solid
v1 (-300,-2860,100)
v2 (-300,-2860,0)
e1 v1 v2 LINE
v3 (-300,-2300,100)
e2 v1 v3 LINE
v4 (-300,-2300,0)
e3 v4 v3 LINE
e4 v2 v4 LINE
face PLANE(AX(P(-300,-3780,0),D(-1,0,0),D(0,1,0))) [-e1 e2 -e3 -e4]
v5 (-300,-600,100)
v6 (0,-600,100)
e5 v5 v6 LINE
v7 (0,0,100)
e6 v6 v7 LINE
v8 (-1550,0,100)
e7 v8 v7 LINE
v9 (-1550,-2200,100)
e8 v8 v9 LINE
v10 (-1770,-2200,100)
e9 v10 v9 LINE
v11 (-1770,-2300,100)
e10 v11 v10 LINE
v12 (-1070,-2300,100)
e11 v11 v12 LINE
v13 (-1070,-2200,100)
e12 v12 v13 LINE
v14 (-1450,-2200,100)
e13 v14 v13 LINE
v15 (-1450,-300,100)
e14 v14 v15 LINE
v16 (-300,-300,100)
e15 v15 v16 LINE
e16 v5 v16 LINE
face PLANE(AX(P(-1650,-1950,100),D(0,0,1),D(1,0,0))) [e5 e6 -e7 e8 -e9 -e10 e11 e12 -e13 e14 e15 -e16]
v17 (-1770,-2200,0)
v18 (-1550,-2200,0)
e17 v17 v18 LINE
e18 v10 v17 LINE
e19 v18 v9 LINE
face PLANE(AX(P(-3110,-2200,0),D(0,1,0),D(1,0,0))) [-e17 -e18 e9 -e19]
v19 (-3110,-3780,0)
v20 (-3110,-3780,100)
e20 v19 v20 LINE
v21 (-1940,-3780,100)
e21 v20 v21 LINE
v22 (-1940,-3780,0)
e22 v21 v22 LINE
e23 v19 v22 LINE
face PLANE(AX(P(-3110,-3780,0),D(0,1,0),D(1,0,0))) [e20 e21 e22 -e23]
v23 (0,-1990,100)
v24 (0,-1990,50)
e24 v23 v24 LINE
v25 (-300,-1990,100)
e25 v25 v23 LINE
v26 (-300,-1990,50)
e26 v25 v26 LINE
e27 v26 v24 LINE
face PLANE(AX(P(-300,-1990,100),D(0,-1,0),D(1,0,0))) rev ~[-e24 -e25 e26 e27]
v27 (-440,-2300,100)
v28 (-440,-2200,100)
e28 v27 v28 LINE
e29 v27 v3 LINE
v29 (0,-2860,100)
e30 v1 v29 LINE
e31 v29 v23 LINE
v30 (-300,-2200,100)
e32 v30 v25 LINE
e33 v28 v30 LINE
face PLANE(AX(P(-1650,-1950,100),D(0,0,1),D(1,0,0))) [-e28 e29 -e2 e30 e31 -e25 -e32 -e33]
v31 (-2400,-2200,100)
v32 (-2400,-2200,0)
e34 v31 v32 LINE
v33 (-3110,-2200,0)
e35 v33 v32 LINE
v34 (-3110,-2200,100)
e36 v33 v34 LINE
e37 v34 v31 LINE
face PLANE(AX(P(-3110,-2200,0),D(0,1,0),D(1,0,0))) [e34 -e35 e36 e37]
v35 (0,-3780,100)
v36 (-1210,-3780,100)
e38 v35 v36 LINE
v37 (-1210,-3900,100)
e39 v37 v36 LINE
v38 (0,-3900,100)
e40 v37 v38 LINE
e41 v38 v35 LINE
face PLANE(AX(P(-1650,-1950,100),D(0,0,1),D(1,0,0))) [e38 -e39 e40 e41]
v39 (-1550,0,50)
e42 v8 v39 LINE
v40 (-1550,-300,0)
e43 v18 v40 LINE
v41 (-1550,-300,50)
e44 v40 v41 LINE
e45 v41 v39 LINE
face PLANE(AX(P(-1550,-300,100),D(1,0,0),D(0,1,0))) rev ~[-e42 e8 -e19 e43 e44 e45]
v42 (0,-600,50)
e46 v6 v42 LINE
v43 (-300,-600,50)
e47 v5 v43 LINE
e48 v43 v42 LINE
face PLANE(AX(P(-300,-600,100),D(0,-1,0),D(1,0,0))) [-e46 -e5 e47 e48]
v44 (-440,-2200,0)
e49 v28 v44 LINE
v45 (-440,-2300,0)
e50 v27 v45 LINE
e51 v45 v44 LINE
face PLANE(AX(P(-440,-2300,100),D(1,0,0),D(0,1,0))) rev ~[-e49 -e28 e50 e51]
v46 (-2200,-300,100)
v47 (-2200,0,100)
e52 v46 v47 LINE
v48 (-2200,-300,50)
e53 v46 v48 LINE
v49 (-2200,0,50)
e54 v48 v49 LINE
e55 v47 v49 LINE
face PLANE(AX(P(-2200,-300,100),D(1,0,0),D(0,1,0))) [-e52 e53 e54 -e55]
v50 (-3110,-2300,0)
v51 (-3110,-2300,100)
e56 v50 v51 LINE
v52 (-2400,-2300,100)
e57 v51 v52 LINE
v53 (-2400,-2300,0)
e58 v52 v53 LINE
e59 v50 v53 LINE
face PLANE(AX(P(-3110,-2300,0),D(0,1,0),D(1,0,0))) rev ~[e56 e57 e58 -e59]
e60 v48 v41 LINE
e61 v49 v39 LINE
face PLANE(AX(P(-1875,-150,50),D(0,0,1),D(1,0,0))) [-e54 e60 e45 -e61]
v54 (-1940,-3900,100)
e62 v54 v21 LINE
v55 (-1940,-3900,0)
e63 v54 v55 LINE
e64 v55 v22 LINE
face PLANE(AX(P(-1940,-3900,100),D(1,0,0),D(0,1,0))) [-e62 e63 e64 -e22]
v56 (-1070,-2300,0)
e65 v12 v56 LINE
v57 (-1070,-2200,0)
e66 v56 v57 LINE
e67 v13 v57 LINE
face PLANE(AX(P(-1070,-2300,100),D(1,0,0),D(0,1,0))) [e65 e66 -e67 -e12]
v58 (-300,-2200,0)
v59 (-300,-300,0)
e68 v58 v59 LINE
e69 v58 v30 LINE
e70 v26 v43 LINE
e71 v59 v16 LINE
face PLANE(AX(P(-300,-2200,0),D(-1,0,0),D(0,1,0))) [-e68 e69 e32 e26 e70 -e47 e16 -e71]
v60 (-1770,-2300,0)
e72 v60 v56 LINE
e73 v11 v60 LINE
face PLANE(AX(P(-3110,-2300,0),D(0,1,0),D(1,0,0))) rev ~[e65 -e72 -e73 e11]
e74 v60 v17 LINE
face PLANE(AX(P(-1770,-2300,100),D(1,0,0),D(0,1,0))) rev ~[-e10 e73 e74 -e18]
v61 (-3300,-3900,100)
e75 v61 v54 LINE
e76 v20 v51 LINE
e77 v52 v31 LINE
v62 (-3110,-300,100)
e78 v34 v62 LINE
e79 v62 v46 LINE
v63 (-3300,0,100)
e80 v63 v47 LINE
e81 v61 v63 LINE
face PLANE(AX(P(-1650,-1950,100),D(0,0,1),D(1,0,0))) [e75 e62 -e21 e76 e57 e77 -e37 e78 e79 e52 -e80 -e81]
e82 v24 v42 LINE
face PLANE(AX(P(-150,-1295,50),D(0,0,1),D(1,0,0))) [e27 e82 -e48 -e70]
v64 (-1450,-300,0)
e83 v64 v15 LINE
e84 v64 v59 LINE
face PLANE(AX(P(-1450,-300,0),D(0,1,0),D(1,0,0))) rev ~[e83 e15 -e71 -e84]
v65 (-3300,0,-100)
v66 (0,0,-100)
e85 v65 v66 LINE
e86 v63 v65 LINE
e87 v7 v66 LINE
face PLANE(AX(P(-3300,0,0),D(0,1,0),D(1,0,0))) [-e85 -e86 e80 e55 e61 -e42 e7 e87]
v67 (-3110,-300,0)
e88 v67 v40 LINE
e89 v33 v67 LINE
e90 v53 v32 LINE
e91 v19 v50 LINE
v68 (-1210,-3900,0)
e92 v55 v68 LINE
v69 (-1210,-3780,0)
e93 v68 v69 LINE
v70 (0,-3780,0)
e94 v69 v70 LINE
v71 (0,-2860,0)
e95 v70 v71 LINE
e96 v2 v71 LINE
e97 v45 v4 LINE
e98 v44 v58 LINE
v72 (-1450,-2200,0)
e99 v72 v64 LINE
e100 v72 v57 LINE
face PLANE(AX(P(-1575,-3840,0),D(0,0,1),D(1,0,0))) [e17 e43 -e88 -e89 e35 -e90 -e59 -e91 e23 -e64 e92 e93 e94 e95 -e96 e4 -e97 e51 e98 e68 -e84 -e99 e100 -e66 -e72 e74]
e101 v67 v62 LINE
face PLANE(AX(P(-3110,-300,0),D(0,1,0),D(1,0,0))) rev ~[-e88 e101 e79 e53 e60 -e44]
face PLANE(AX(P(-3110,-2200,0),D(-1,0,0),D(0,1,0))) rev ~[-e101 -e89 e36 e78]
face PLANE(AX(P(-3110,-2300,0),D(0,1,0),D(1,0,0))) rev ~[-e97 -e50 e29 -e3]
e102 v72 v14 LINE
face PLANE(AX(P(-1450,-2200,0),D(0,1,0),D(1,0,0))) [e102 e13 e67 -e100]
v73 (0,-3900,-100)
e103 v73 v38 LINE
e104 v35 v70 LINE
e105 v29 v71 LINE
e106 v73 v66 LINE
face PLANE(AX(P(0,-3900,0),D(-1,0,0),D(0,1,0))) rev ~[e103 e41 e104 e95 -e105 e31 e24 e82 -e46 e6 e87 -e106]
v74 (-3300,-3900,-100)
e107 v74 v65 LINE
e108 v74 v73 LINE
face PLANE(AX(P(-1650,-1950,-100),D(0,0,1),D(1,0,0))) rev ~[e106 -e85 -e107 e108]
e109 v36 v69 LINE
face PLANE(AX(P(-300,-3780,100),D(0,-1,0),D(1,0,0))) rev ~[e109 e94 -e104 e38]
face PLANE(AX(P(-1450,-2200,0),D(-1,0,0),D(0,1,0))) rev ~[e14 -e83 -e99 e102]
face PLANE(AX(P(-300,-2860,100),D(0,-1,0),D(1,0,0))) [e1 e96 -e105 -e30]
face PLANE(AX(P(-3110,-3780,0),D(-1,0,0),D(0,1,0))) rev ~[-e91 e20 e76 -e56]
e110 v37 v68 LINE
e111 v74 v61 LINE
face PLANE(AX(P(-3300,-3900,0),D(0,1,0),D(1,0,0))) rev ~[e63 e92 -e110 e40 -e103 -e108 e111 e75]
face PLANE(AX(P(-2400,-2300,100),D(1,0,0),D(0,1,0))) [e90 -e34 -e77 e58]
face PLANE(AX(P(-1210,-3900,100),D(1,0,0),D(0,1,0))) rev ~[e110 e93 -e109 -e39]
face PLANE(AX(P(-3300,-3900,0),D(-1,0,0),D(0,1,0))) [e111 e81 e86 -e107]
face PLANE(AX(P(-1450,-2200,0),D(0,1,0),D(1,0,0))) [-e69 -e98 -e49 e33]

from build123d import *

# Parameters (mm, degrees)
F0_W     = 3300
F0_H     = 3900
F1_DEPTH = 100
F2_W     = 3300
F2_H     = 3900
F2_W_2   = 2810
F2_H_2   = 1480
F2_W_3   = 1560
F2_H_3   = 1900
F2_W_4   = 1150
F3_DEPTH = 100
F4_W     = 630
F4_H     = 100
F4_W_2   = 300
F4_H_2   = 920
F4_W_3   = 730
F4_H_3   = 120
F5_DEPTH = 100
F4_W_4   = 650
F4_H_4   = 300
F4_H_5   = 1390
F6_DEPTH = 50


with BuildPart() as f1:
    # F0 (on Top) → F1 (new body)
    with BuildSketch(Plane.XY):
        with Locations((-1650, -1950)):
            Rectangle(F0_W, F0_H)
    extrude(amount=-F1_DEPTH)

    # F2 (on face) → F3 (join)
    with BuildSketch(Plane.XY):
        with Locations((-1650, -1950)):
            Rectangle(F2_W, F2_H)
        with Locations((-1705, -3040)):
            Rectangle(F2_W_2, F2_H_2, mode=Mode.SUBTRACT)
        with Locations((-2330, -1250)):
            Rectangle(F2_W_3, F2_H_3, mode=Mode.SUBTRACT)
        with Locations((-875, -1250)):
            Rectangle(F2_W_4, F2_H_3, mode=Mode.SUBTRACT)
    extrude(amount=F3_DEPTH)

    # F4 (on face) → F5 (cut, through all)
    with BuildSketch(Plane.XY.offset(100)):
        with Locations((-2085, -2250)):
            Rectangle(F4_W, F4_H)
        with Locations((-755, -2250)):
            Rectangle(F4_W, F4_H)
        with Locations((-150, -3320)):
            Rectangle(F4_W_2, F4_H_2)
        with Locations((-1575, -3840)):
            Rectangle(F4_W_3, F4_H_3)
    extrude(amount=-F5_DEPTH, mode=Mode.SUBTRACT)

    # F4 (on face) → F6 (cut)
    with BuildSketch(Plane.XY.offset(100)):
        with Locations((-1875, -150)):
            Rectangle(F4_W_4, F4_H_4)
        with Locations((-150, -1295)):
            Rectangle(F4_W_2, F4_H_5)
    extrude(amount=-F6_DEPTH, mode=Mode.SUBTRACT)


solid = f1.part
